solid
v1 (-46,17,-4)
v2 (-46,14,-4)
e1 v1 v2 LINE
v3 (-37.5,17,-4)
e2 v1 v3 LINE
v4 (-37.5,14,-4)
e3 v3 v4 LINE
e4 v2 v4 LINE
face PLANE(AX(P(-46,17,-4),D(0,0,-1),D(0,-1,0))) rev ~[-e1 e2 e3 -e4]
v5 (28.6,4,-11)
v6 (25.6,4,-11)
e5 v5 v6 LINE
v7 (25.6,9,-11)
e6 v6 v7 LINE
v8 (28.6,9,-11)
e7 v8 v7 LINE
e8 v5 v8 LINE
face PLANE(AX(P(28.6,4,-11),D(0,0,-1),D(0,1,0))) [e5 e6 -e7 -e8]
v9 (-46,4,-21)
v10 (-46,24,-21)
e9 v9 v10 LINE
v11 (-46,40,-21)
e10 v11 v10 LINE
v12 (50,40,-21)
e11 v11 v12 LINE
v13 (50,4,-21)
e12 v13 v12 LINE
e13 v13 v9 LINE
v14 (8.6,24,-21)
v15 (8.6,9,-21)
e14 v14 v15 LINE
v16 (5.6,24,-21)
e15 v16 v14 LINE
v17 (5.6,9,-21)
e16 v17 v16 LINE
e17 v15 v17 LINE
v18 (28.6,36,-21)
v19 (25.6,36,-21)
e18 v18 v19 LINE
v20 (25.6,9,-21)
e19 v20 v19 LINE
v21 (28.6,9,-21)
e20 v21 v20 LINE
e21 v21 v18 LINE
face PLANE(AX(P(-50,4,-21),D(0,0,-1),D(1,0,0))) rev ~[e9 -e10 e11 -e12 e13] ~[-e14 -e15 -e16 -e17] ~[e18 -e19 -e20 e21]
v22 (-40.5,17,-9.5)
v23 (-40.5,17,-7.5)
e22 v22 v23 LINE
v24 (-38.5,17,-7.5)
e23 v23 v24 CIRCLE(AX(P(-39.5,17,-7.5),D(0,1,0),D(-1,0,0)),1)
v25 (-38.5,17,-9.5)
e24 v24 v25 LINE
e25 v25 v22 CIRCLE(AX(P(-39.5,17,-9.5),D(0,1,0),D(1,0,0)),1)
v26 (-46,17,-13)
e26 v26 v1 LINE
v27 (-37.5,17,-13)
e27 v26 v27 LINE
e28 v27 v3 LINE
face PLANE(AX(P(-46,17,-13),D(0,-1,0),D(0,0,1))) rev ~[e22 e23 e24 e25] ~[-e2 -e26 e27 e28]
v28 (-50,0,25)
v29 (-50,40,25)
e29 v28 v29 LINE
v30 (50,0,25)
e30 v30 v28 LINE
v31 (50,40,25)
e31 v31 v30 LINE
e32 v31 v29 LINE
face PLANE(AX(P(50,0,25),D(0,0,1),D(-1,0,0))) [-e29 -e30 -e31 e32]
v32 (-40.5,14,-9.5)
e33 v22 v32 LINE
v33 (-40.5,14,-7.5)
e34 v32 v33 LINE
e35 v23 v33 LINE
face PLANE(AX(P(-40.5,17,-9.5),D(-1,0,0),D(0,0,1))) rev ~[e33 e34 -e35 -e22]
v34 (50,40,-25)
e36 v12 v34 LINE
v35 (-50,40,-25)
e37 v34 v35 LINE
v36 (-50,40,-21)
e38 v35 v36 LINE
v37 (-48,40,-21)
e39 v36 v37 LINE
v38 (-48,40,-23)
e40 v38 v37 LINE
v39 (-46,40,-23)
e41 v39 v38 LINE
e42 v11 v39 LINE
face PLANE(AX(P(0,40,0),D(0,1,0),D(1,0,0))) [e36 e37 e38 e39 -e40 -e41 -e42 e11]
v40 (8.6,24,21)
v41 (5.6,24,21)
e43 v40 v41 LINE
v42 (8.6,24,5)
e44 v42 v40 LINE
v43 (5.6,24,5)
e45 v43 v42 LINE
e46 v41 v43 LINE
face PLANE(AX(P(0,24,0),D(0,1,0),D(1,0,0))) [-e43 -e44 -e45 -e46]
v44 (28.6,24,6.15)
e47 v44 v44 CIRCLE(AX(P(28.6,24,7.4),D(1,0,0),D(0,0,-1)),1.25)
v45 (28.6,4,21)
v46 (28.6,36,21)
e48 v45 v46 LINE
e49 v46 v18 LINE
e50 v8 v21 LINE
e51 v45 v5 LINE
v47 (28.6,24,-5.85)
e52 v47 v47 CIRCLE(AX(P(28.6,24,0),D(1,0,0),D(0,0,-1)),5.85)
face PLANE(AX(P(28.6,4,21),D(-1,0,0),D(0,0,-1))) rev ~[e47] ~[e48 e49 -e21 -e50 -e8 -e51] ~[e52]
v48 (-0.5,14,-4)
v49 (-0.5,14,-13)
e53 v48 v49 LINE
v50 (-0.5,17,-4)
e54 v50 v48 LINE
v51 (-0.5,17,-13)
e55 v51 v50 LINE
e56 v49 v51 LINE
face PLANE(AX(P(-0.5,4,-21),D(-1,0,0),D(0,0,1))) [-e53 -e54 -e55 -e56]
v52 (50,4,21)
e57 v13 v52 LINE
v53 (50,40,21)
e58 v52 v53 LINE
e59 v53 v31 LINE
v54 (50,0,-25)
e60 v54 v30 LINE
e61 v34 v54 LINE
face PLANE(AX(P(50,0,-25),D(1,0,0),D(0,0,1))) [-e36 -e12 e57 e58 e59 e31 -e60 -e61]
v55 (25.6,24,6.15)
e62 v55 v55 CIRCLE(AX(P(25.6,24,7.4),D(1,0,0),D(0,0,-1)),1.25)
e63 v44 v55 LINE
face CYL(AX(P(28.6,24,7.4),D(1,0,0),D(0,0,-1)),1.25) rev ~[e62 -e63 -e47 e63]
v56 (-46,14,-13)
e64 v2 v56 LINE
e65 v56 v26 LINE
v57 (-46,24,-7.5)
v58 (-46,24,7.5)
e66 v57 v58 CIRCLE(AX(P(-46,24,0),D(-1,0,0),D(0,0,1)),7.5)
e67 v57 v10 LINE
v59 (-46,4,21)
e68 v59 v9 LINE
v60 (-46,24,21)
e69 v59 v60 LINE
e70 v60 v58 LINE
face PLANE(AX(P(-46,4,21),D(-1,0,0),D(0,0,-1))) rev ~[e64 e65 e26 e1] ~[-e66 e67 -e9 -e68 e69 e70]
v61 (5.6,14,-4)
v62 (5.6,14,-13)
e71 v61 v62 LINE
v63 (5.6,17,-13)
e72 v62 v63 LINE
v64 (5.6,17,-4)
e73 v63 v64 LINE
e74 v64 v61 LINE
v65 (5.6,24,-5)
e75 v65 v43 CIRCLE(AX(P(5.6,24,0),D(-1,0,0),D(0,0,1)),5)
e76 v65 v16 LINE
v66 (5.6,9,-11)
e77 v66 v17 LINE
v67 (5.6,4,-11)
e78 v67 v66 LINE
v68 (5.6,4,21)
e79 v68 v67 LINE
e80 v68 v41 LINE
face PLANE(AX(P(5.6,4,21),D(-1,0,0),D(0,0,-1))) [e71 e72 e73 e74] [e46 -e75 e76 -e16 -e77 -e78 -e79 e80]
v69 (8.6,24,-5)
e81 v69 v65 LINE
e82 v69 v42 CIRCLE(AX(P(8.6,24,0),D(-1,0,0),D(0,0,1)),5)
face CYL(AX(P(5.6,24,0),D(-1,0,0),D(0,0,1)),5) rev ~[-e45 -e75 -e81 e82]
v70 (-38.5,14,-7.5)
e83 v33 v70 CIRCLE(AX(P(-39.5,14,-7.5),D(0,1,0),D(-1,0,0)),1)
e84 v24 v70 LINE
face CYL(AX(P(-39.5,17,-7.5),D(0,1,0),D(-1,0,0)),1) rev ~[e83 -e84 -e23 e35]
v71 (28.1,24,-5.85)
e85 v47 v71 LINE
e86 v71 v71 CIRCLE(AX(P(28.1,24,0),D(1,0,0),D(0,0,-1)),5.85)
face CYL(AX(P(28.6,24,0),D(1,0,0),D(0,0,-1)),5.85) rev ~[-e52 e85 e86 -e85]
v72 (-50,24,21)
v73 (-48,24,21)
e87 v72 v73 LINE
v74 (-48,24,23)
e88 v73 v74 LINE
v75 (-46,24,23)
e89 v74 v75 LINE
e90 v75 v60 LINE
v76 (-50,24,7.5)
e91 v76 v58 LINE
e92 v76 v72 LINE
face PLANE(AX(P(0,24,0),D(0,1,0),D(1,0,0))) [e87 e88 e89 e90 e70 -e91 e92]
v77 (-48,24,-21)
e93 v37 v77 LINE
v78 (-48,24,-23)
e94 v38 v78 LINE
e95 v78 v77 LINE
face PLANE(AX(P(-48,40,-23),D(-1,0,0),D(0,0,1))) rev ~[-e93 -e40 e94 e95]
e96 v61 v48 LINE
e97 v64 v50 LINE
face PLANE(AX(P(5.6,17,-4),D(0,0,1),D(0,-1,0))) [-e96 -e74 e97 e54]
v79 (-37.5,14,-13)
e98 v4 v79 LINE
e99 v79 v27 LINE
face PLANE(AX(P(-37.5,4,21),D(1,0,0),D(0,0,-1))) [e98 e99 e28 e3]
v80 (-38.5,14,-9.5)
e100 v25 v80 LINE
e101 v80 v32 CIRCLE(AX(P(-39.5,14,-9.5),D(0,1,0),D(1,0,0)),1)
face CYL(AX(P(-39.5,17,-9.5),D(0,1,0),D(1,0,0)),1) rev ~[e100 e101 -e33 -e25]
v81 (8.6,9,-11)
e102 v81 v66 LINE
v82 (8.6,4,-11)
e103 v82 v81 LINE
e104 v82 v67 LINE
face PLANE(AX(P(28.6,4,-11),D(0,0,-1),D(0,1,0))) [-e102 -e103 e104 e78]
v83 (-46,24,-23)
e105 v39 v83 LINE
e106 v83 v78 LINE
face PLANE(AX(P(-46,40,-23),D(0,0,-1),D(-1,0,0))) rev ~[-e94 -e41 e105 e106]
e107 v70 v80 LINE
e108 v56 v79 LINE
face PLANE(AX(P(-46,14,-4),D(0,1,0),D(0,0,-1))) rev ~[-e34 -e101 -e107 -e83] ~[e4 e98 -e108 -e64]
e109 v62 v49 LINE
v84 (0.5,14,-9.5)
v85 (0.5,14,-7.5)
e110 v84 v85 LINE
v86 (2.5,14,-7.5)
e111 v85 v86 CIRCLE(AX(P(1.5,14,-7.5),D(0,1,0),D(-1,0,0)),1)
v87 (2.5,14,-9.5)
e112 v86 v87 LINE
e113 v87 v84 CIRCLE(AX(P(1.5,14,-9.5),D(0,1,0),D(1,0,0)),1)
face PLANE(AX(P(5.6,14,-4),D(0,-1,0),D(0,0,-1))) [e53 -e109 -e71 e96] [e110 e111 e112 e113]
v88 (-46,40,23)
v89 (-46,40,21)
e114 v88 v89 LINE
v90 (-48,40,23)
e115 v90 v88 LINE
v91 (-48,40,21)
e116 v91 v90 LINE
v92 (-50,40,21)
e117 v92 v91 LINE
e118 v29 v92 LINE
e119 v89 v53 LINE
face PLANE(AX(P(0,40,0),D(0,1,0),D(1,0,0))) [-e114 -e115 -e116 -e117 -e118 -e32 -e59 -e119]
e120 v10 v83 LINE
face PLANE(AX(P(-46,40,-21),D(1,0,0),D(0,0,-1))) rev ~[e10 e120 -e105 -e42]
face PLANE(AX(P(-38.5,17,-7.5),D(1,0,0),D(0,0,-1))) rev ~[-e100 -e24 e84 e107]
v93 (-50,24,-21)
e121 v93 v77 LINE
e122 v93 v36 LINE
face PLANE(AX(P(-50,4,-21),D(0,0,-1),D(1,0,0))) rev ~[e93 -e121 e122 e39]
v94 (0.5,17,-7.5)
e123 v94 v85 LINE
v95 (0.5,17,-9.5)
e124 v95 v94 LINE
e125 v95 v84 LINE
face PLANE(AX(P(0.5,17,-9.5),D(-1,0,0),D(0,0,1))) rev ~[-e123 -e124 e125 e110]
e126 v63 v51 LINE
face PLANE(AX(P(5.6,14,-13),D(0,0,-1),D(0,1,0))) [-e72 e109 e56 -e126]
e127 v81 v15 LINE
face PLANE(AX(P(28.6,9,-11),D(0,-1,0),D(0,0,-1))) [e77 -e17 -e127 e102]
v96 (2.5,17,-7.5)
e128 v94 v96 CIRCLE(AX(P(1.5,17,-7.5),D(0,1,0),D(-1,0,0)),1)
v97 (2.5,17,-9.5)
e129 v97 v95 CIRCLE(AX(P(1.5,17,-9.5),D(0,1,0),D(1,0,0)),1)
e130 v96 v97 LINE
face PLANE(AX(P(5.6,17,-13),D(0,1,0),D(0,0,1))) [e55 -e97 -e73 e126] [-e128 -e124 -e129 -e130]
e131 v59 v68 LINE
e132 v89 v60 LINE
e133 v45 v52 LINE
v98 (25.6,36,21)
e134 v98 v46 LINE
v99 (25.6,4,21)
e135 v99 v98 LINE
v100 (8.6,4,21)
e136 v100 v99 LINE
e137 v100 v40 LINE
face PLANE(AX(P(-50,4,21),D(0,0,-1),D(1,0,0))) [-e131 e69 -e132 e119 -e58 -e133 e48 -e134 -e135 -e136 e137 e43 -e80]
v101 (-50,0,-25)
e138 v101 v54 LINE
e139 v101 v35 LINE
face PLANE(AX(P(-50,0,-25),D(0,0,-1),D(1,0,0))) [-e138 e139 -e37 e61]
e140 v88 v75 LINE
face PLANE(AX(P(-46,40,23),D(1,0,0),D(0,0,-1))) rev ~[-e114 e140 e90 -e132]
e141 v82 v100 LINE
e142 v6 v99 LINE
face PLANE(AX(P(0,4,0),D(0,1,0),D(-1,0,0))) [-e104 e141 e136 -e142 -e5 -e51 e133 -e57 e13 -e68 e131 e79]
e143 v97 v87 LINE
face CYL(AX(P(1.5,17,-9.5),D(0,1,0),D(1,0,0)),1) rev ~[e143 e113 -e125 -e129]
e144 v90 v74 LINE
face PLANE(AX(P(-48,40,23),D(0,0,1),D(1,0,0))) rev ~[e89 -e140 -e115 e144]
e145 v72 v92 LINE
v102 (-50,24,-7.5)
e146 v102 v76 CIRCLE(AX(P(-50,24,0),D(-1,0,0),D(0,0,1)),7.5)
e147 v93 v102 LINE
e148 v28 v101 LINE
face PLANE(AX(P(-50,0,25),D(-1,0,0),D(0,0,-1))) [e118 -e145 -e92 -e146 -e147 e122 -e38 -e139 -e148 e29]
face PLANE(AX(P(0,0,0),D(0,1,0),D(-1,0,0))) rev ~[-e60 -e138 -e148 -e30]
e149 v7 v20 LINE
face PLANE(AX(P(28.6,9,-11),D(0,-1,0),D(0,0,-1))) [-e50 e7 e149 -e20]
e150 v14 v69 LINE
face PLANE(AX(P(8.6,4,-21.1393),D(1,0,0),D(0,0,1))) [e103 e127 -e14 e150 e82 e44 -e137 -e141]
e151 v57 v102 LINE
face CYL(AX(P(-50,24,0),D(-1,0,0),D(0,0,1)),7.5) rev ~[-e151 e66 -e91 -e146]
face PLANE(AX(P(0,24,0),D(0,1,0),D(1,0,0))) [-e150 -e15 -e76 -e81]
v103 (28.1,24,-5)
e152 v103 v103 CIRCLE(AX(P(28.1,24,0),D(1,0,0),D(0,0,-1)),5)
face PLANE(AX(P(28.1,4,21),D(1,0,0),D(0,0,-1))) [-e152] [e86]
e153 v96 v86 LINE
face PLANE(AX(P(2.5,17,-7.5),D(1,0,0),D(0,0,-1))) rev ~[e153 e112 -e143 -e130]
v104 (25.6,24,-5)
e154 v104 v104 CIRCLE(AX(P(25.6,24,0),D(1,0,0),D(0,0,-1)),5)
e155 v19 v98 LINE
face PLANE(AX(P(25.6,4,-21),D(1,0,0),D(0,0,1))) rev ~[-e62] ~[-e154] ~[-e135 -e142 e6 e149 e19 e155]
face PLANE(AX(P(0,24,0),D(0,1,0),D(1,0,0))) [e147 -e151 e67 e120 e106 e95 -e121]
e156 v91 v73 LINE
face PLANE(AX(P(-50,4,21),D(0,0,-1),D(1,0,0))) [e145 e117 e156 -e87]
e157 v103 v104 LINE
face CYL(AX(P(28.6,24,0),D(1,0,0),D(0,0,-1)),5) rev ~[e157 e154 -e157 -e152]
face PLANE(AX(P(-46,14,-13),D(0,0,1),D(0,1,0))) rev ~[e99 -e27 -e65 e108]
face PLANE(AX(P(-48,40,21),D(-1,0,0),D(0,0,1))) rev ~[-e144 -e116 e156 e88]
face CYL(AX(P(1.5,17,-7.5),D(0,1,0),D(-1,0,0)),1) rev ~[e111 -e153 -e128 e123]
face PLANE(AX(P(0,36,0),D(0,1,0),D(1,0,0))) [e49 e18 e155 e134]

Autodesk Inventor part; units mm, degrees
ref_plane "YZ Plane" through (0, 0, 0) normal (1, 0, 0) x (0, 1, 0)
ref_plane "XZ Plane" through (0, 0, 0) normal (0, 1, 0) x (-1, 0, 0)
ref_plane "XY Plane" through (0, 0, 0) normal (0, 0, 1) x (1, 0, 0)
sketch "Sketch1" plane through (0, 0, 0) normal (0, 1, 0) x (-1, 0, 0)
  line L0 (50, -25) -> (-50, -25)
  line L1 (-50, -25) -> (-50, 25)
  line L2 (-50, 25) -> (50, 25)
  line L3 (50, 25) -> (50, -25)
  point P0 (0, 0)
  dimension "d0" = 100
  dimension "d1" = 50
  dimension "d2" = 25
  dimension "d3" = 50
extrude "Extrusion1" add sketch "Sketch1" along normal blind 4
sketch "Sketch2" plane through (0, 4, 0) normal (0, 1, 0) x (1, 0, 0)
  line L0 (50, -25) -> (-50, -25)
  line L1 (-50, -25) -> (-50, -21)
  line L2 (-50, -21) -> (50, -21)
  line L3 (50, -21) -> (50, -25)
  line L4 (50, 25) -> (-50, 25)
  line L5 (-50, 25) -> (-50, 21)
  line L6 (-50, 21) -> (50, 21)
  line L7 (50, 21) -> (50, 25)
  point P0 (0, 0)
  dimension "d7" = 100
  dimension "d8" = 4
  dimension "d10" = 4
extrude "Extrusion2" add sketch "Sketch2" along normal blind 36
sketch "Sketch3" plane through (0, 4, 0) normal (0, 1, 0) x (1, 0, 0)
  line L0 (50, 21) -> (-50, 21) projected
  line L1 (28.6, 21) -> (25.6, 21)
  line L2 (25.6, 21) -> (25.6, -21)
  line L3 (25.6, -21) -> (28.6, -21)
  line L4 (28.6, -21) -> (28.6, 21)
  line L5 (50, -21) -> (50, 21) projected
  line L6 (50, -21) -> (-50, -21) projected
  point P0 (0, 0)
  dimension "d15" = 21.4
  dimension "d16" = 0
  dimension "d17" = 3
extrude "Extrusion3" add sketch "Sketch3" along normal blind 32 contours L4 L3 L2 L0
sketch "Sketch4" plane through (28.6, 4, 21) normal (1, 0, 0) x (0, 0, -1)
  circle A0 centre (21, 20) radius 5
  line L0 (0, 0) -> (42, 0) projected
  line L1 (0, 0) -> (0, 36) projected
  circle A1 centre (13.6, 20) radius 1.25
  point P0 (21, -4)
  dimension "d20" = 10
  dimension "d22" = 21
  dimension "d23" = 2.5
  dimension "d24" = 7.4
  dimension "d28" = 20
  dimension "d29" = 20
extrude "Extrusion4" cut sketch "Sketch4" against normal up to next
sketch "Sketch5" plane through (28.6, 4, 21) normal (1, 0, 0) x (0, 0, -1)
  circle A0 centre (21, 20) radius 5 projected
  circle A1 centre (21, 20) radius 5.85
  point P0 (21, -4)
  dimension "d30" = 11.7
extrude "Extrusion5" cut sketch "Sketch5" against normal blind 0.5
sketch "Sketch6" plane through (0, 4, 0) normal (0, 1, 0) x (1, 0, 0)
  line L0 (8.6, -21) -> (5.6, -21)
  line L1 (5.6, -21) -> (5.6, 21.1393)
  line L2 (5.6, 21.1393) -> (8.6, 21.1393)
  line L3 (8.6, 21.1393) -> (8.6, -21)
  line L4 (25.6, -21) -> (25.6, 21) projected
  line L5 (50, -21) -> (-50, -21) projected
  line L6 (-50, 21) -> (-50, -21) projected
  point P0 (0, 0)
  dimension "d34" = 3
  dimension "d35" = 0
  dimension "d52" = 55.6
extrude "Extrusion6" add sketch "Sketch6" along normal blind 20
sketch "Sketch7" plane through (5.6, 4, -21) normal (-1, 0, 0) x (0, 0, 1)
  circle A0 centre (21, 20) radius 5 projected
  circle A1 centre (21, 20) radius 5
  point P0 (21, -4)
  dimension "d38" = 10
extrude "Extrusion7" cut sketch "Sketch7" against normal up to next
sketch "Sketch8" plane through (5.6, 4, -21) normal (-1, 0, 0) x (0, 0, 1)
  line L0 (8, 13) -> (17, 13)
  line L1 (17, 13) -> (17, 10)
  line L2 (17, 10) -> (8, 10)
  line L3 (8, 10) -> (8, 13)
  line L4 (0, 0) -> (0, 36) projected
  line L5 (0, 0) -> (42, 0) projected
  point P0 (21, -4)
  dimension "d41" = 8
  dimension "d42" = 9
  dimension "d43" = 10
  dimension "d44" = 3
extrude "Extrusion8" add sketch "Sketch8" along normal blind 6.1
sketch "Sketch10" plane through (0, 4, 0) normal (0, 1, 0) x (1, 0, 0)
  line L0 (-50, -21) -> (-50, -25) projected
  line L1 (-50, 21) -> (50, 21) projected
  line L2 (-50, -21) -> (-46, -21)
  line L3 (-46, -21) -> (-46, 21)
  line L4 (-46, 21) -> (-50, 21)
  line L5 (-50, 21) -> (-50, -21)
  point P0 (0, 0)
  dimension "d53" = 4
extrude "Extrusion10" add sketch "Sketch10" along normal blind 20
sketch "Sketch11" plane through (-50, 0, -25) normal (-1, 0, 0) x (0, 0, 1)
  circle A0 centre (25, 24) radius 7.5
  point P0 (25, 0)
  dimension "d56" = 15
extrude "Extrusion11" cut sketch "Sketch11" against normal up to surface (4 mm away)
sketch "Sketch12" plane through (-46, 4, 21) normal (1, 0, 0) x (0, 0, -1)
  line L0 (34, 13) -> (25, 13)
  line L1 (25, 13) -> (25, 10)
  line L2 (25, 10) -> (34, 10)
  line L3 (34, 10) -> (34, 13)
  line L4 (42, 20) -> (42, 36) projected
  line L5 (-4, -4) -> (46, -4) projected
  point P0 (21, -4)
  dimension "d59" = 9
  dimension "d60" = 8
  dimension "d61" = 3
  dimension "d62" = 14
extrude "Extrusion12" add sketch "Sketch12" along normal blind 8.5
sketch "Sketch9" plane through (5.6, 17, -4) normal (0, 1, 0) x (1, 0, 0)
  line L0 (0, 17) -> (0, 1) projected
  line L1 (-51.6, 3.5) -> (-51.6, 17) projected
  line L2 (-51.6, 9) -> (-43.1, 9) projected
  line L3 (-45.1, 5.5) -> (-45.1, 3.5) construction
  line L4 (-46.1, 5.5) -> (-46.1, 3.5)
  line L5 (-44.1, 3.5) -> (-44.1, 5.5)
  arc A0 (-44.1, 5.5) -> (-46.1, 5.5) centre (-45.1, 5.5) ccw
  arc A1 (-46.1, 3.5) -> (-44.1, 3.5) centre (-45.1, 3.5) ccw
  line L6 (-4.1, 5.5) -> (-4.1, 3.5) construction
  line L7 (-5.1, 5.5) -> (-5.1, 3.5)
  line L8 (-3.1, 3.5) -> (-3.1, 5.5)
  arc A2 (-3.1, 5.5) -> (-5.1, 5.5) centre (-4.1, 5.5) ccw
  arc A3 (-5.1, 3.5) -> (-3.1, 3.5) centre (-4.1, 3.5) ccw
  line L9 (0, 9) -> (-6.1, 9) projected
  point P0 (-5.6, -4)
  point P1 (-45.1, 4.5)
  point P2 (-4.1, 4.5)
  dimension "d68" = 2
  dimension "d70" = 2
  dimension "d71" = 6.5
  dimension "d72" = 2
  dimension "d73" = 2
  dimension "d74" = 4.1
  dimension "d75" = 4.5
  dimension "d76" = 4.5
extrude "Extrusion9" cut sketch "Sketch9" against normal blind 3
sketch "Sketch13" plane through (0, 40, 0) normal (0, 1, 0) x (1, 0, 0)
  line L0 (-48, 21) -> (-46, 21)
  line L1 (-46, 21) -> (-46, 23)
  line L2 (-46, 23) -> (-48, 23)
  line L3 (-48, 23) -> (-48, 21)
  line L4 (-50, 21) -> (50, 21) projected
  line L5 (-50, 25) -> (-50, 21) projected
  line L6 (-48, -23) -> (-46, -23)
  line L7 (-46, -23) -> (-46, -21)
  line L8 (-46, -21) -> (-48, -21)
  line L9 (-48, -21) -> (-48, -23)
  line L10 (-50, -21) -> (-50, -25) projected
  line L11 (50, -21) -> (-50, -21) projected
  point P0 (0, 0)
  dimension "d77" = 2
  dimension "d78" = 2
  dimension "d79" = 0
  dimension "d80" = 2
  dimension "d81" = 2
  dimension "d82" = 2
  dimension "d83" = 2
  dimension "d84" = 0
extrude "Extrusion13" cut sketch "Sketch13" against normal up to surface (16 mm away)
sketch "Sketch14" plane through (28.6, 4, 21) normal (1, 0, 0) x (0, 0, -1)
  line L0 (0, 0) -> (42, 0) projected
  line L1 (42, 0) -> (32, 0)
  line L2 (32, 0) -> (32, 5)
  line L3 (32, 5) -> (42, 5)
  line L4 (42, 5) -> (42, 0)
  point P0 (21, -4)
  dimension "d87" = 10
  dimension "d88" = 5
extrude "Extrusion14" cut sketch "Sketch14" against normal up to surface (23 mm away)
properties part number "BoxBase"
